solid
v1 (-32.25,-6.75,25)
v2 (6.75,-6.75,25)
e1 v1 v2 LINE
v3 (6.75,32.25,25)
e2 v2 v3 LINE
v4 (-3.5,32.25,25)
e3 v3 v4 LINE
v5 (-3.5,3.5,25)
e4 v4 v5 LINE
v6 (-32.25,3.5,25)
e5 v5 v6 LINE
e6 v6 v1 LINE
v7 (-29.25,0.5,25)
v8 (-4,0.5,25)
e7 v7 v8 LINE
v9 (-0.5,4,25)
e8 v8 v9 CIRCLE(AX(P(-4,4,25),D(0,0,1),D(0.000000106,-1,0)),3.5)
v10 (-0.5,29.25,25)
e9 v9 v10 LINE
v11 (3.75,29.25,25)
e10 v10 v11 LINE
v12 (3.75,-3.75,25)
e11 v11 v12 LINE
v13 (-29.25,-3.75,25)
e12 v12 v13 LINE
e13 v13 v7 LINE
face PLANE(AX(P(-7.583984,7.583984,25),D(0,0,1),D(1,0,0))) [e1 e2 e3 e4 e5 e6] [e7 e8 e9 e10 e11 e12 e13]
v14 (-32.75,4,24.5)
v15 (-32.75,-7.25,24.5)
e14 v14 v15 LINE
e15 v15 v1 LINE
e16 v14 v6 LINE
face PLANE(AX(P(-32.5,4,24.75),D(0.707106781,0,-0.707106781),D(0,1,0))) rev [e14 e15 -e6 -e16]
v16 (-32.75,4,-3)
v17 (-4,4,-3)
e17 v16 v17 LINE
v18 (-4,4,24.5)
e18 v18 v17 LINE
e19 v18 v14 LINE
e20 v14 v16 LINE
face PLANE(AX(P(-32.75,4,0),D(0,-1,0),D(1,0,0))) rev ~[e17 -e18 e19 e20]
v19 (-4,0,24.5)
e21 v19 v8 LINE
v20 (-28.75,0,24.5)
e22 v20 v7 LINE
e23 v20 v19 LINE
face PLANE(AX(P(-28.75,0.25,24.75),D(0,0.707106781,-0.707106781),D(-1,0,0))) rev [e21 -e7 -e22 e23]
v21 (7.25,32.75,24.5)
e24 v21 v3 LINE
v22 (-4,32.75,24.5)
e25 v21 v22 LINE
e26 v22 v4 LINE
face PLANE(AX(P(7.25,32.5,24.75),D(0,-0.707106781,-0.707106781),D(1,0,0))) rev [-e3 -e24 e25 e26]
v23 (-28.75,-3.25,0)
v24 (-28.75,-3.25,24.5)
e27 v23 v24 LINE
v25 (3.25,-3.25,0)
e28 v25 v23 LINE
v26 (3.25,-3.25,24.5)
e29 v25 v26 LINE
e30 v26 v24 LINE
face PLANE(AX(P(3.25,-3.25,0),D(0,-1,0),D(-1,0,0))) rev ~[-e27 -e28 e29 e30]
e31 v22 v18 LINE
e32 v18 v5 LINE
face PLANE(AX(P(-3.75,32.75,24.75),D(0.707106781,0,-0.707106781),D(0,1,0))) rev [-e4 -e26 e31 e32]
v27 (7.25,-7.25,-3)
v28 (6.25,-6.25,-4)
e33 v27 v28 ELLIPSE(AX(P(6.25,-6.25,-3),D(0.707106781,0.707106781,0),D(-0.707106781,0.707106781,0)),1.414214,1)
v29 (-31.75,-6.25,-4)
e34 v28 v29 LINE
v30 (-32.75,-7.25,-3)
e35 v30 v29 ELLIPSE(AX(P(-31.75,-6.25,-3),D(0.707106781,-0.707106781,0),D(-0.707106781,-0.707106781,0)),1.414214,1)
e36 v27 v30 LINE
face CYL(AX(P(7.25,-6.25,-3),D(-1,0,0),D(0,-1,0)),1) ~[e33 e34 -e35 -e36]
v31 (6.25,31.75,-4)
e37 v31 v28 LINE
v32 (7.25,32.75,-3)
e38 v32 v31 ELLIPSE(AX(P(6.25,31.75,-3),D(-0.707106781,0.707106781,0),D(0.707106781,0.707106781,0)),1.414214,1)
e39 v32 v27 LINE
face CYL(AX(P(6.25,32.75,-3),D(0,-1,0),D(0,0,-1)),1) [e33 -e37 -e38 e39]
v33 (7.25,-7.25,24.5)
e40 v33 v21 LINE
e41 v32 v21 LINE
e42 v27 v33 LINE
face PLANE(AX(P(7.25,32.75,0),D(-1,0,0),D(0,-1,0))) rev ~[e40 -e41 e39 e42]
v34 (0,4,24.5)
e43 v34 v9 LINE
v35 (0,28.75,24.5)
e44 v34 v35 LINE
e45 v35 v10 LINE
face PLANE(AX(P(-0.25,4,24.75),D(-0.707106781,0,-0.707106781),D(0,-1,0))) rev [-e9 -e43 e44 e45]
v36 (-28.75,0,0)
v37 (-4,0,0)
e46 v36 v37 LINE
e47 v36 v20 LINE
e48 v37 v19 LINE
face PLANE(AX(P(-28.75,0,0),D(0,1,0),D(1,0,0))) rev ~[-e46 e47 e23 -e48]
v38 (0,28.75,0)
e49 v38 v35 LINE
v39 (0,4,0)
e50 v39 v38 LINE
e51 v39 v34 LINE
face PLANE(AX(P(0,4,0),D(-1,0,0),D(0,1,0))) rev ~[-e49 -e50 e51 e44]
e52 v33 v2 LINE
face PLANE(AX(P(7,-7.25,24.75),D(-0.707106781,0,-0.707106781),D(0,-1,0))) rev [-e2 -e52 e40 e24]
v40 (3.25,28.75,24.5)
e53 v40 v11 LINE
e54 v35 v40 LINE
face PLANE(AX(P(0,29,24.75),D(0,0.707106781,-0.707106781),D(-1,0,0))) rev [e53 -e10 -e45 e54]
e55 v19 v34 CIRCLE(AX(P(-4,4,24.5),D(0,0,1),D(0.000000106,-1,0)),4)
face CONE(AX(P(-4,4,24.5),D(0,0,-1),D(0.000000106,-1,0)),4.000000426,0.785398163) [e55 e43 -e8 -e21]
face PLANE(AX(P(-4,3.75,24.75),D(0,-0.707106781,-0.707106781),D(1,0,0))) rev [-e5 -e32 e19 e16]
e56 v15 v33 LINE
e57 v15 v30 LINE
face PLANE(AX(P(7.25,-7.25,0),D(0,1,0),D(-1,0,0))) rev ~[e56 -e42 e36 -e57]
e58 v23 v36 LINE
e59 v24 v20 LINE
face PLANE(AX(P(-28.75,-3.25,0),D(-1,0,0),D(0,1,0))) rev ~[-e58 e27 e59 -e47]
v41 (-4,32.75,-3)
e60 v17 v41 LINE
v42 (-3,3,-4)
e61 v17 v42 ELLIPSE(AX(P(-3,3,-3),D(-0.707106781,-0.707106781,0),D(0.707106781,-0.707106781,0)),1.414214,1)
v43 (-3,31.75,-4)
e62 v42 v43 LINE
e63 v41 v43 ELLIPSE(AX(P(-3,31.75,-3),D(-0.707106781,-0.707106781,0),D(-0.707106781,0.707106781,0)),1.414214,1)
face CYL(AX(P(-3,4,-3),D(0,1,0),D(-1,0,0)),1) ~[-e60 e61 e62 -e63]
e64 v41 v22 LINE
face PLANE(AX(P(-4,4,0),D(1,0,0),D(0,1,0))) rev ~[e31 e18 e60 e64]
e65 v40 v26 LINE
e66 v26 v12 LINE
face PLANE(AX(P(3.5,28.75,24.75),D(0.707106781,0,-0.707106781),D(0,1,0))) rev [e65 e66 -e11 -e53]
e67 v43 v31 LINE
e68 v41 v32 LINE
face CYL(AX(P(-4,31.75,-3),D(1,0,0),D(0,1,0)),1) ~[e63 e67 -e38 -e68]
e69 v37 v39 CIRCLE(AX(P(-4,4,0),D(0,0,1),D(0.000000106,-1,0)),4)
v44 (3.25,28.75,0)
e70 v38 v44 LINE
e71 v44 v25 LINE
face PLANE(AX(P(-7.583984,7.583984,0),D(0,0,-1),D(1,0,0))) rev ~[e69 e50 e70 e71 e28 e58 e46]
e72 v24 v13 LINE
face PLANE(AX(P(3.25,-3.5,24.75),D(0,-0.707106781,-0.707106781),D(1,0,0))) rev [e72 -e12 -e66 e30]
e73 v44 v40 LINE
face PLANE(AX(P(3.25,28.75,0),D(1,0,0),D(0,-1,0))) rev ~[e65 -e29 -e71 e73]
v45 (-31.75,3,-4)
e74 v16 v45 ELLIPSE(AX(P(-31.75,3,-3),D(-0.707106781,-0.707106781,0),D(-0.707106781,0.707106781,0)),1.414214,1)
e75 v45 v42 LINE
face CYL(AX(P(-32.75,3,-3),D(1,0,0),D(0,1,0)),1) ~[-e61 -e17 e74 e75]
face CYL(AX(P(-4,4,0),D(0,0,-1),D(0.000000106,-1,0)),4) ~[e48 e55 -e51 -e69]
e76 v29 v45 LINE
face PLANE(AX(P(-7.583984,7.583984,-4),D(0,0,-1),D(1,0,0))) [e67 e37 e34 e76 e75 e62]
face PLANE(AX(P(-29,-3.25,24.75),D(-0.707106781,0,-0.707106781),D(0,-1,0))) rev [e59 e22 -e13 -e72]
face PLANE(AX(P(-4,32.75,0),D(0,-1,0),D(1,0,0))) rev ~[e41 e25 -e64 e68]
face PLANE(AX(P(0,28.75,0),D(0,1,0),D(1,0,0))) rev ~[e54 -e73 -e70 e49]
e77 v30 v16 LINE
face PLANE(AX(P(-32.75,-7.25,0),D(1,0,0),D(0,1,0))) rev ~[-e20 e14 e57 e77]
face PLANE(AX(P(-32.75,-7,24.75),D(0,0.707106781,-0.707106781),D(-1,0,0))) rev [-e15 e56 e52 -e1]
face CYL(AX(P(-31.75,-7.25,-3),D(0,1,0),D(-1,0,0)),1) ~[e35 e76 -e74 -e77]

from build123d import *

# Parameters (mm, degrees)
F1_DEPTH = 25
F2_SIZE  = 0.5
F4_DEPTH = 4
F5_R     = 1


with BuildPart() as f1:
    # F0 (on Top) → F1 (new body)
    with BuildSketch(Plane.XY):
        Polygon((-32.75, 4), (-32.75, -7.25), (7.25, -7.25), (7.25, 32.75), (-4, 32.75), (-4, 4), align=None)
        with BuildLine():
            Line((0, 4), (0, 28.75))
            Line((0, 28.75), (3.25, 28.75))
            Line((3.25, 28.75), (3.25, -3.25))
            Line((3.25, -3.25), (-28.75, -3.25))
            Line((-28.75, -3.25), (-28.75, 0))
            Line((-28.75, 0), (-4, 0))
            ThreePointArc((-4, 0), (-1.171573, 1.171573), (0, 4))
        make_face(mode=Mode.SUBTRACT)
    extrude(amount=F1_DEPTH)

    # F2
    f2_edges = [f1.edges().sort_by_distance(p)[0] for p in [
        (-32.75, -1.625, 25),
        (-12.75, -7.25, 25),
        (7.25, 12.75, 25),
        (1.625, 32.75, 25),
        (-4, 18.375, 25),
        (-18.375, 4, 25),
        (0, 16.375, 25),
        (1.625, 28.75, 25),
        (3.25, 12.75, 25),
        (-12.75, -3.25, 25),
        (-28.75, -1.625, 25),
        (-16.375, 0, 25),
        (-1.171573, 1.171573, 25),
    ]]
    chamfer(f2_edges, length=F2_SIZE)

    # F3 (on face) → F4 (join)
    with BuildSketch(Plane(origin=(0, 0, 0), x_dir=(1, 0, 0), z_dir=(0, 0, -1))):
        Polygon((7.25, 7.25), (-32.75, 7.25), (-32.75, -4), (-4, -4), (-4, -32.75), (7.25, -32.75), align=None)
    extrude(amount=F4_DEPTH)

    # F5
    f5_edges = [f1.edges().sort_by_distance(p)[0] for p in [
        (-12.75, -7.25, -4),
        (-32.75, -1.625, -4),
        (-18.375, 4, -4),
        (-4, 18.375, -4),
        (1.625, 32.75, -4),
        (7.25, 12.75, -4),
    ]]
    fillet(f5_edges, radius=F5_R)


solid = f1.part
